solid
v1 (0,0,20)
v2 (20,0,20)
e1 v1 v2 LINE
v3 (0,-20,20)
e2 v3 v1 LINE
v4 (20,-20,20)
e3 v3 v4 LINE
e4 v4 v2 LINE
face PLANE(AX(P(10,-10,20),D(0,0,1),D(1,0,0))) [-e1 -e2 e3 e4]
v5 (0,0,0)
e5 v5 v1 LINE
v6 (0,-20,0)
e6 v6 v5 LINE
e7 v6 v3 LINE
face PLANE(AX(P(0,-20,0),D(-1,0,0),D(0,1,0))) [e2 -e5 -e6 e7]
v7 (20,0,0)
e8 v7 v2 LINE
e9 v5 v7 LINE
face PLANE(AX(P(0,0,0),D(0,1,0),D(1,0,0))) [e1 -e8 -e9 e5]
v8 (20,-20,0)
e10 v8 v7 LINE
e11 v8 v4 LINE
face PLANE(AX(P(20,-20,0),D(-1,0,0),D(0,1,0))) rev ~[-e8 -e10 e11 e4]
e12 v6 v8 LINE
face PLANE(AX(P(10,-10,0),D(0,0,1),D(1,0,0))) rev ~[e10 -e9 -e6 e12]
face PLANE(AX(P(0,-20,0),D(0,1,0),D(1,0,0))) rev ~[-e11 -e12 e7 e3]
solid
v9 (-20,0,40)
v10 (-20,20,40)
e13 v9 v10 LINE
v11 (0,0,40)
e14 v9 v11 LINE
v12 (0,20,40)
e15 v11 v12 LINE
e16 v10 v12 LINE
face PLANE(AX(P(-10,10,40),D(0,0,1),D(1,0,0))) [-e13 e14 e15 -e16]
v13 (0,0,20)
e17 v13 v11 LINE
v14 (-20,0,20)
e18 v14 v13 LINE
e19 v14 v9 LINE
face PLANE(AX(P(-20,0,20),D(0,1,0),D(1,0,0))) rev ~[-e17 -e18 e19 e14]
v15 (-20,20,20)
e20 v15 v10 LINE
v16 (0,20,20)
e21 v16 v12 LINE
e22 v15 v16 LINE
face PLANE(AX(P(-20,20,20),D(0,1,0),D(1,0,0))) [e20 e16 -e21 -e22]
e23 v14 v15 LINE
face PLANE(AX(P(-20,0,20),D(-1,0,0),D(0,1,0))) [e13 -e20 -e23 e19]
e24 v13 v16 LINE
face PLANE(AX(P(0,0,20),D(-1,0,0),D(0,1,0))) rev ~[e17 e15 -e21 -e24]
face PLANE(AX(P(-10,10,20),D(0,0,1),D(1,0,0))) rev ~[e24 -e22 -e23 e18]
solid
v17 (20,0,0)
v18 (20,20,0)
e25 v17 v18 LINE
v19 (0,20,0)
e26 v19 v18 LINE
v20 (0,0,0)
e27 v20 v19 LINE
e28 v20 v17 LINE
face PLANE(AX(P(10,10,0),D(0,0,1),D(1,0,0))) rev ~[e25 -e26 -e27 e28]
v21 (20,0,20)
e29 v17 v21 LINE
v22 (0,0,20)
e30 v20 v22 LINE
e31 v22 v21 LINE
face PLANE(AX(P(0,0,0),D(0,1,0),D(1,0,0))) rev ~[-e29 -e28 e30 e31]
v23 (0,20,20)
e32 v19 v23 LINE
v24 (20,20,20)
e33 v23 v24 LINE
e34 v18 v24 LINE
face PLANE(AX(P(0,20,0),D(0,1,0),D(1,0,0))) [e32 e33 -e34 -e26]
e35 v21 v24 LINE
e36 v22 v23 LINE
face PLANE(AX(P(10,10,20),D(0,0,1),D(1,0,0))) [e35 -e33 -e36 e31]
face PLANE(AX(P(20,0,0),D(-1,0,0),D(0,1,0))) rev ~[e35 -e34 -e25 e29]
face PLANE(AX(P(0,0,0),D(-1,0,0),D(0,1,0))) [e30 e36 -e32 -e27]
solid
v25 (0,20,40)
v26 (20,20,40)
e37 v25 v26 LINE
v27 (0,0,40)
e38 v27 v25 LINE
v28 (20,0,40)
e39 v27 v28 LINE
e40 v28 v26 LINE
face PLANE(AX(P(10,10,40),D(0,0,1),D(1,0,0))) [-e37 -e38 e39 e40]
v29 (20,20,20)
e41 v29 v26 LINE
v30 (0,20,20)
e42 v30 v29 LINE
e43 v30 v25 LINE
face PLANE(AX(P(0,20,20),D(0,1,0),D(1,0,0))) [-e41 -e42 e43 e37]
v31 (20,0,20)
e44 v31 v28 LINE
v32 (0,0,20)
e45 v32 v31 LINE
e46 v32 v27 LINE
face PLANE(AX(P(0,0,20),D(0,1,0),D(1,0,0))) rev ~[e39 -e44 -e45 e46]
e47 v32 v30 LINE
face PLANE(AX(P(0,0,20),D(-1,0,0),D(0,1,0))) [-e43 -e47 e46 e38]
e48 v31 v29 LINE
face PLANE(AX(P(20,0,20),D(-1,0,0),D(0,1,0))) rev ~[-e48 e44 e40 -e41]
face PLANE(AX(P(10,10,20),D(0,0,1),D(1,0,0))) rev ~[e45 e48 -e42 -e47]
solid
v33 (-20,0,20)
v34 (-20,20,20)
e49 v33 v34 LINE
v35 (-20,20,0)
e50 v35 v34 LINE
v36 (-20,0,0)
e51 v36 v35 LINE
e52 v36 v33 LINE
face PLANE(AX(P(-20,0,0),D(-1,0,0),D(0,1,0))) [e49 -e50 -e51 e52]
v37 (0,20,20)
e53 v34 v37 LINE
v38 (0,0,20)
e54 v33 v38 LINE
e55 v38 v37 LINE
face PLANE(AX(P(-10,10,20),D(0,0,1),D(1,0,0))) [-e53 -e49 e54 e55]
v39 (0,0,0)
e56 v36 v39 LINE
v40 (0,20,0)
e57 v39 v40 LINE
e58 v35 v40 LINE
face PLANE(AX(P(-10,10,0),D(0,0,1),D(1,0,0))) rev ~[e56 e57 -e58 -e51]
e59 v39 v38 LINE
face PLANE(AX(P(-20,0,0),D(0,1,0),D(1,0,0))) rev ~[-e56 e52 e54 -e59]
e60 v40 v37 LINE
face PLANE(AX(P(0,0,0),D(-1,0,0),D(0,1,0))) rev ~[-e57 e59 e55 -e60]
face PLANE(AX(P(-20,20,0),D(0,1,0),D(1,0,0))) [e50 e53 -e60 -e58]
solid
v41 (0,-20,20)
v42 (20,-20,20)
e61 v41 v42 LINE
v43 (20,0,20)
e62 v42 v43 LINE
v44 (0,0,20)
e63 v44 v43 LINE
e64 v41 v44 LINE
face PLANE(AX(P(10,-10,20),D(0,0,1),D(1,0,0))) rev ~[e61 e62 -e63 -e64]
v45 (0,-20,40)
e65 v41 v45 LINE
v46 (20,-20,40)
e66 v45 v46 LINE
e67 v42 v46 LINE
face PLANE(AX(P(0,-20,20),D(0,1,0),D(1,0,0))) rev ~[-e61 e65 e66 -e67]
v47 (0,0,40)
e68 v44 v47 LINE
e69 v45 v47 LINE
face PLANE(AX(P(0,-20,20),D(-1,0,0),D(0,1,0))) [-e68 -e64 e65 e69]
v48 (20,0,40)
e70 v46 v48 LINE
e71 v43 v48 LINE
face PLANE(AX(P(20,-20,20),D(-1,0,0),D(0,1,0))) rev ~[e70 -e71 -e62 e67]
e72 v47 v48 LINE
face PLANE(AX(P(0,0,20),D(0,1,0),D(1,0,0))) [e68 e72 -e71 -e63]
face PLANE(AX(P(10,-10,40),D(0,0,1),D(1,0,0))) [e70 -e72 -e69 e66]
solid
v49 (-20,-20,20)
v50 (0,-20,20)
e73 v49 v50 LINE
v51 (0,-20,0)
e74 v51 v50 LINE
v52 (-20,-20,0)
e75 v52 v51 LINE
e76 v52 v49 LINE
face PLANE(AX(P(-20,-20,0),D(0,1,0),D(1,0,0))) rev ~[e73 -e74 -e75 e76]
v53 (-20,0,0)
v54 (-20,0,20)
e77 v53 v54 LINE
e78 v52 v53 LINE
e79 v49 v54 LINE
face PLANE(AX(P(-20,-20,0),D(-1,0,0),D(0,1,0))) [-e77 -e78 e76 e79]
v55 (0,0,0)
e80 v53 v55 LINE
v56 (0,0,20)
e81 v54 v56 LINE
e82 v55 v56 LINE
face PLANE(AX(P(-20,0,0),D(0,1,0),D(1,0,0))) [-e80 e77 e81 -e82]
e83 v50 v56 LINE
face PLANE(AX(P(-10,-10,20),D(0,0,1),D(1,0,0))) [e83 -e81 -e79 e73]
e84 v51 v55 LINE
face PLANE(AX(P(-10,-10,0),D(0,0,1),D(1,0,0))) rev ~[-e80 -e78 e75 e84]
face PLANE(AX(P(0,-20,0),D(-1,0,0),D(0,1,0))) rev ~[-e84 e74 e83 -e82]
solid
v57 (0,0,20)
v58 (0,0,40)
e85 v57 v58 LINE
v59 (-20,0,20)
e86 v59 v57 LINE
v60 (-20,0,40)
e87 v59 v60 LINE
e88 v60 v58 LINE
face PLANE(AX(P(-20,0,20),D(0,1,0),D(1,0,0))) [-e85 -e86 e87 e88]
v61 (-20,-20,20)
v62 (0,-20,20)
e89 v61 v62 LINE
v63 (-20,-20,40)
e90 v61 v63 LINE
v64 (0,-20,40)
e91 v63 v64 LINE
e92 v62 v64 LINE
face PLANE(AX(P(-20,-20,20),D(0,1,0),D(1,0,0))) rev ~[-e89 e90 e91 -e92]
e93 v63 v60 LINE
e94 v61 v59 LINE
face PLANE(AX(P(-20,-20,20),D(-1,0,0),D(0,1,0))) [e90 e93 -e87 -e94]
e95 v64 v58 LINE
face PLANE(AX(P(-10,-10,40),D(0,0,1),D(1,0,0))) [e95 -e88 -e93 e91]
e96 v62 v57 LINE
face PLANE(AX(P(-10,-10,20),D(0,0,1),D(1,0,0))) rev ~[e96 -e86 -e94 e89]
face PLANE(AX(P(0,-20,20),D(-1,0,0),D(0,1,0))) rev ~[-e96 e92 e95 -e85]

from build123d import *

# Parameters (mm, degrees)
F0_W      = 20
F0_H      = 20
F1_DEPTH  = 20
F2_W      = 20
F2_H      = 20
F3_DEPTH  = 20
F4_W      = 20
F4_H      = 20
F5_DEPTH  = 20
F3_FACE_W = 20
F3_FACE_H = 20
F6_DEPTH  = 20


with BuildPart() as f1:
    # F0 (on Top) → F1 (new body)
    with BuildSketch(Plane.XY):
        with Locations((-10, 10)):
            Rectangle(F0_W, F0_H)
        with Locations((10, -10)):
            Rectangle(F0_W, F0_H)
    extrude(amount=F1_DEPTH)


with BuildPart() as f3:
    # F2 (on Top) → F3 (new body)
    with BuildSketch(Plane.XY):
        with Locations((10, 10)):
            Rectangle(F2_W, F2_H)
        with Locations((-10, -10)):
            Rectangle(F2_W, F2_H)
    extrude(amount=F3_DEPTH)


with BuildPart() as f5:
    # F4 (on face) → F5 (new body)
    with BuildSketch(Plane.XY.offset(20)):
        with Locations((-10, 10)):
            Rectangle(F4_W, F4_H)
        with Locations((10, -10)):
            Rectangle(F4_W, F4_H)
    extrude(amount=F5_DEPTH)


with BuildPart() as f6:
    # F3_face (on face) → F6 (new body)
    with BuildSketch(Plane(origin=(-10, -10, 20), x_dir=(1, 0, 0), z_dir=(0, 0, 1))):
        Rectangle(F3_FACE_W, F3_FACE_H)
        with Locations((20, 20)):
            Rectangle(F3_FACE_W, F3_FACE_H)
    extrude(amount=F6_DEPTH)


solid = Compound([f1.part, f3.part, f5.part, f6.part])
